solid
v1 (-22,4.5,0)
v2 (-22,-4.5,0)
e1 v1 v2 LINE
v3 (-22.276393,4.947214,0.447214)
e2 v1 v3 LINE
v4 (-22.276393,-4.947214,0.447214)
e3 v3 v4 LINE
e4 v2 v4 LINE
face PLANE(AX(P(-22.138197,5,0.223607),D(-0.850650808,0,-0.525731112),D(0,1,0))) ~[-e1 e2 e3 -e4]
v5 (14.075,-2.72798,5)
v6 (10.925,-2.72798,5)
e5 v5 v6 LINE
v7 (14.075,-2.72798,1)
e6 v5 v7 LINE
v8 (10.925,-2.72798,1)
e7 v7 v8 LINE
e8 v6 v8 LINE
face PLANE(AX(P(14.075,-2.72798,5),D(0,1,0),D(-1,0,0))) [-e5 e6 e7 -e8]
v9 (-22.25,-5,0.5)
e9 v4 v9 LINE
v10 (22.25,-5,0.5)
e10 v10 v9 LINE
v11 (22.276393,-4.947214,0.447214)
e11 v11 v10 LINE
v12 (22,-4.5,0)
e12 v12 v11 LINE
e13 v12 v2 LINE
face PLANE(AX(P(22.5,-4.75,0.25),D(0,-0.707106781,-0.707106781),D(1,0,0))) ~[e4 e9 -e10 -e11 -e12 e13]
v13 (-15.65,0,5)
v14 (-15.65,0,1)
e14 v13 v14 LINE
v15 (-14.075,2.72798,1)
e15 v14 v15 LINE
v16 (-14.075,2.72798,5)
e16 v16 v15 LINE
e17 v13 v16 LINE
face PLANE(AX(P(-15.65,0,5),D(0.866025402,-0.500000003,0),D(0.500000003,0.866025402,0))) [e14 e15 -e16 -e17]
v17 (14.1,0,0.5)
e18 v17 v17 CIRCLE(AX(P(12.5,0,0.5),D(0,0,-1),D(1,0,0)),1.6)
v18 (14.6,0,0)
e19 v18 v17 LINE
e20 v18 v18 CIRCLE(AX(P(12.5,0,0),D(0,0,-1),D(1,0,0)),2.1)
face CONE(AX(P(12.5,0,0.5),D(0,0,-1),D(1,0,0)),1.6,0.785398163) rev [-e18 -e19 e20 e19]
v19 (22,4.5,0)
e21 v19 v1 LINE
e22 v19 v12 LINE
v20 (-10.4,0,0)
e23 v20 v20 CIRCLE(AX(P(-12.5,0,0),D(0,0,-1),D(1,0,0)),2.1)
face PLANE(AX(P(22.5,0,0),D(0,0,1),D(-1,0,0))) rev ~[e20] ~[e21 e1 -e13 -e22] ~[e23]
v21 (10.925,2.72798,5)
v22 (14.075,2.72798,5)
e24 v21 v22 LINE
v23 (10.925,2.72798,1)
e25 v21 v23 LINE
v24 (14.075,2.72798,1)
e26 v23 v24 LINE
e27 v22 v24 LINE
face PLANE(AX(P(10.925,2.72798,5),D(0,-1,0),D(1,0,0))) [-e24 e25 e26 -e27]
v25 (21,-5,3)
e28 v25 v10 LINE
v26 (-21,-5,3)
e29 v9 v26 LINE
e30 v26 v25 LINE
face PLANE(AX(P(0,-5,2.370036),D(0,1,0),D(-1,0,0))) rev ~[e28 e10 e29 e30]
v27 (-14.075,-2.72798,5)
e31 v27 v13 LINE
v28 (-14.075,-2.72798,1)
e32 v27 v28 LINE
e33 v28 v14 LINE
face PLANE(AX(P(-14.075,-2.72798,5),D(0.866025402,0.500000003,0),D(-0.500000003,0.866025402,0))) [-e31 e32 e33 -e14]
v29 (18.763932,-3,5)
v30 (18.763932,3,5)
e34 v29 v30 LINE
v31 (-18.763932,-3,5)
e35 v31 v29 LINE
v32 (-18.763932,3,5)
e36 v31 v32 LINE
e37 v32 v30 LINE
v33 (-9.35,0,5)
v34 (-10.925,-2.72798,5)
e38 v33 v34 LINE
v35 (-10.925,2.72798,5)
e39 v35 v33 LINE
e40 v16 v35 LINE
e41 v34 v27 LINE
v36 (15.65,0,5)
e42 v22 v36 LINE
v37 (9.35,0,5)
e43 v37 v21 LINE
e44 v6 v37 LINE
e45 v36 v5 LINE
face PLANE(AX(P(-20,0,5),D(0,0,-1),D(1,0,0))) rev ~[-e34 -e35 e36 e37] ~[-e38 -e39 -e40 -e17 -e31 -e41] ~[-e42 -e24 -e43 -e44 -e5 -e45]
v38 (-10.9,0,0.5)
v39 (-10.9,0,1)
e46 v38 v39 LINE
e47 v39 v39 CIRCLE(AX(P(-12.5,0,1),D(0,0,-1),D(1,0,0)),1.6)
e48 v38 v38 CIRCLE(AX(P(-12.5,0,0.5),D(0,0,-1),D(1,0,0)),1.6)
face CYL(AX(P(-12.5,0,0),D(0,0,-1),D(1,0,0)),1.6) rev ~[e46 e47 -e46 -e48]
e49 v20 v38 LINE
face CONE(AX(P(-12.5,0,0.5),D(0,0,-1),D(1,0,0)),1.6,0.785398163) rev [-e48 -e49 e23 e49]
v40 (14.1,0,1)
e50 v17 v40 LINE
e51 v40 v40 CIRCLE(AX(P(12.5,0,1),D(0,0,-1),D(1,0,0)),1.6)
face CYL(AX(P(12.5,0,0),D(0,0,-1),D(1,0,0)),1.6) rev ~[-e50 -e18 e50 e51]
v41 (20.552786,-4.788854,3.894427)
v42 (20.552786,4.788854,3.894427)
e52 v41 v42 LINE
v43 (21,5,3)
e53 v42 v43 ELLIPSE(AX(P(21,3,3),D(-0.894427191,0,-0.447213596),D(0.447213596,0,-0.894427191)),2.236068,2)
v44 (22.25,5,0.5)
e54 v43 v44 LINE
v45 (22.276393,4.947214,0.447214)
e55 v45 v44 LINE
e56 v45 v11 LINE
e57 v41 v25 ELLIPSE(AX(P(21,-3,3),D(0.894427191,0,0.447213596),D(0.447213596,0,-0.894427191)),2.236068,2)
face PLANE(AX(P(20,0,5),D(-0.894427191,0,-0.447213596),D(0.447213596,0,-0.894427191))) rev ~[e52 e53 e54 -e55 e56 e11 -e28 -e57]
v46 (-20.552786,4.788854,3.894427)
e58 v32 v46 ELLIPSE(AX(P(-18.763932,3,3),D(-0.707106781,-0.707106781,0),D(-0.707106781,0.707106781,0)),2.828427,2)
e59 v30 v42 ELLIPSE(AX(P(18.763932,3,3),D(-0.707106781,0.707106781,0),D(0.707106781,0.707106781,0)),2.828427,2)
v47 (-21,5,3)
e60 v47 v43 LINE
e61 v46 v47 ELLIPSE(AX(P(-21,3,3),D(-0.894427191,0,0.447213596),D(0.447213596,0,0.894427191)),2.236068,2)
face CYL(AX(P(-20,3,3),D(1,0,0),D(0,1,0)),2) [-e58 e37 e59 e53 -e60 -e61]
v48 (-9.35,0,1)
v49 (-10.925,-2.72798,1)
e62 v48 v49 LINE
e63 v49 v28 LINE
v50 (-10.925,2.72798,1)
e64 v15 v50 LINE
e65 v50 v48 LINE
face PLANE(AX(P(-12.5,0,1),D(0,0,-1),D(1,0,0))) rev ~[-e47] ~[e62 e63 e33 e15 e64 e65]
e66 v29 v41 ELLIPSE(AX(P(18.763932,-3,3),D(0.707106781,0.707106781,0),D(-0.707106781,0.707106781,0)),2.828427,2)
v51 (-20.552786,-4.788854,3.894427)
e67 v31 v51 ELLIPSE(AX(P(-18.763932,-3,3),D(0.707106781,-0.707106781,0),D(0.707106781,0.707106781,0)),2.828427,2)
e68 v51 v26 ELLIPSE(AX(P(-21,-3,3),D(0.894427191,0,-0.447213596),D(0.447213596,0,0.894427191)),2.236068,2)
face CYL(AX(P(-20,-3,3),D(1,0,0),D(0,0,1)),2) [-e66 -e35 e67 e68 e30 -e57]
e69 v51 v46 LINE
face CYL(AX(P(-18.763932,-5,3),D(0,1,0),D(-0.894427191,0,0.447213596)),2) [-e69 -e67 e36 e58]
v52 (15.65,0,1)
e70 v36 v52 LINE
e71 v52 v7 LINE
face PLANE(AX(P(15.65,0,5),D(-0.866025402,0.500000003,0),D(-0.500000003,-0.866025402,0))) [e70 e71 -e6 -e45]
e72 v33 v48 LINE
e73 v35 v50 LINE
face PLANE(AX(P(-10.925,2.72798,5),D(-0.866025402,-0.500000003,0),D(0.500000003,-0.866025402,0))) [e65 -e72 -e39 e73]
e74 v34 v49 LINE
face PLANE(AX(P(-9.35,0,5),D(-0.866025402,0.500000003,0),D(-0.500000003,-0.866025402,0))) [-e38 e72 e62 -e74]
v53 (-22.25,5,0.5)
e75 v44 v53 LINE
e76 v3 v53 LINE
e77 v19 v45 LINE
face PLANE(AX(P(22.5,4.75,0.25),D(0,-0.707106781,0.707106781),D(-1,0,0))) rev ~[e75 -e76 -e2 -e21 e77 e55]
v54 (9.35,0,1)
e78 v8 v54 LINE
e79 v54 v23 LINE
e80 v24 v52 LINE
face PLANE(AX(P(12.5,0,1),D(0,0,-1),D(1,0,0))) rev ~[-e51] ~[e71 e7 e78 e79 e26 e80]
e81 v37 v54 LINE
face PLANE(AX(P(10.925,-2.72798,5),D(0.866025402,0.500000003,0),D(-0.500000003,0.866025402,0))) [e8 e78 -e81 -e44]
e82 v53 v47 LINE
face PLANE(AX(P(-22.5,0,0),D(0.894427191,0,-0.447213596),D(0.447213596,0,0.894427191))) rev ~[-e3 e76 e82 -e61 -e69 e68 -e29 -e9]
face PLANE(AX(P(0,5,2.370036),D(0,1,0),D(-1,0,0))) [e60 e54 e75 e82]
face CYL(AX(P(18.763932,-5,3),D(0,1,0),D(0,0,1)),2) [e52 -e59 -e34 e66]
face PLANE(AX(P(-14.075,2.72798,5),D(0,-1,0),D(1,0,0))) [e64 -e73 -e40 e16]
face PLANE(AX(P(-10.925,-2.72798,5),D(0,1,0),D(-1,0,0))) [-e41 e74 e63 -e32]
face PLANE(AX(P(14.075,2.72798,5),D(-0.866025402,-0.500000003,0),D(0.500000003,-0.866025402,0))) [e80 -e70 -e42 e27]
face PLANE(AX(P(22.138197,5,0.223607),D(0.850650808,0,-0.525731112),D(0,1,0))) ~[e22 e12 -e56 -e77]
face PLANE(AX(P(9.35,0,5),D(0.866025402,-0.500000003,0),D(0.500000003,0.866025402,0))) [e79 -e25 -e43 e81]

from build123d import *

# Parameters (mm, degrees)
PAD_DEPTH       = 5
POCKET_DEPTH    = 4
SKETCH002_R     = 1.6
POCKET001_DEPTH = 5
FILLET_R        = 2
CHAMFER_SIZE    = 0.5


with BuildPart() as part:
    # Sketch → Pad (new body, symmetric)
    with BuildSketch(Plane.XZ):
        Polygon((-22.5, 0), (-20, 5), (20, 5), (22.5, 0), align=None)
    extrude(amount=PAD_DEPTH, both=True)

    # Sketch001 → Pocket (cut)
    with BuildSketch(Plane(origin=(0, 0, 5), x_dir=(-1, 0, 0), z_dir=(0, 0, 1))):
        Polygon((-14.075, 2.72798), (-10.925, 2.72798), (-9.35, 0), (-10.925, -2.72798), (-14.075, -2.72798), (-15.65, 0), align=None)
        Polygon((10.925, 2.72798), (14.075, 2.72798), (15.65, 0), (14.075, -2.72798), (10.925, -2.72798), (9.35, 0), align=None)
    extrude(amount=-POCKET_DEPTH, mode=Mode.SUBTRACT)

    # Sketch002 → Pocket001 (cut)
    with BuildSketch(Plane(origin=(0, 0, 0), x_dir=(1, 0, 0), z_dir=(0, 0, -1))):
        with Locations((-12.5, 0)):
            Circle(SKETCH002_R)
        with Locations((12.5, 0)):
            Circle(SKETCH002_R)
    extrude(amount=-POCKET001_DEPTH, mode=Mode.SUBTRACT)

    # Fillet
    fillet_edges = [part.edges().sort_by_distance(p)[0] for p in [
        (20, 0, 5),
        (-20, 0, 5),
        (0, -5, 5),
        (0, 5, 5),
    ]]
    fillet(fillet_edges, radius=FILLET_R)

    # Chamfer
    chamfer_edges = [part.edges().sort_by_distance(p)[0] for p in [
        (-14.1, 0, 0),
        (10.9, 0, 0),
        (22.5, 0, 0),
        (0, 5, 0),
        (0, -5, 0),
        (-22.5, 0, 0),
    ]]
    chamfer(chamfer_edges, length=CHAMFER_SIZE)


solid = part.part
